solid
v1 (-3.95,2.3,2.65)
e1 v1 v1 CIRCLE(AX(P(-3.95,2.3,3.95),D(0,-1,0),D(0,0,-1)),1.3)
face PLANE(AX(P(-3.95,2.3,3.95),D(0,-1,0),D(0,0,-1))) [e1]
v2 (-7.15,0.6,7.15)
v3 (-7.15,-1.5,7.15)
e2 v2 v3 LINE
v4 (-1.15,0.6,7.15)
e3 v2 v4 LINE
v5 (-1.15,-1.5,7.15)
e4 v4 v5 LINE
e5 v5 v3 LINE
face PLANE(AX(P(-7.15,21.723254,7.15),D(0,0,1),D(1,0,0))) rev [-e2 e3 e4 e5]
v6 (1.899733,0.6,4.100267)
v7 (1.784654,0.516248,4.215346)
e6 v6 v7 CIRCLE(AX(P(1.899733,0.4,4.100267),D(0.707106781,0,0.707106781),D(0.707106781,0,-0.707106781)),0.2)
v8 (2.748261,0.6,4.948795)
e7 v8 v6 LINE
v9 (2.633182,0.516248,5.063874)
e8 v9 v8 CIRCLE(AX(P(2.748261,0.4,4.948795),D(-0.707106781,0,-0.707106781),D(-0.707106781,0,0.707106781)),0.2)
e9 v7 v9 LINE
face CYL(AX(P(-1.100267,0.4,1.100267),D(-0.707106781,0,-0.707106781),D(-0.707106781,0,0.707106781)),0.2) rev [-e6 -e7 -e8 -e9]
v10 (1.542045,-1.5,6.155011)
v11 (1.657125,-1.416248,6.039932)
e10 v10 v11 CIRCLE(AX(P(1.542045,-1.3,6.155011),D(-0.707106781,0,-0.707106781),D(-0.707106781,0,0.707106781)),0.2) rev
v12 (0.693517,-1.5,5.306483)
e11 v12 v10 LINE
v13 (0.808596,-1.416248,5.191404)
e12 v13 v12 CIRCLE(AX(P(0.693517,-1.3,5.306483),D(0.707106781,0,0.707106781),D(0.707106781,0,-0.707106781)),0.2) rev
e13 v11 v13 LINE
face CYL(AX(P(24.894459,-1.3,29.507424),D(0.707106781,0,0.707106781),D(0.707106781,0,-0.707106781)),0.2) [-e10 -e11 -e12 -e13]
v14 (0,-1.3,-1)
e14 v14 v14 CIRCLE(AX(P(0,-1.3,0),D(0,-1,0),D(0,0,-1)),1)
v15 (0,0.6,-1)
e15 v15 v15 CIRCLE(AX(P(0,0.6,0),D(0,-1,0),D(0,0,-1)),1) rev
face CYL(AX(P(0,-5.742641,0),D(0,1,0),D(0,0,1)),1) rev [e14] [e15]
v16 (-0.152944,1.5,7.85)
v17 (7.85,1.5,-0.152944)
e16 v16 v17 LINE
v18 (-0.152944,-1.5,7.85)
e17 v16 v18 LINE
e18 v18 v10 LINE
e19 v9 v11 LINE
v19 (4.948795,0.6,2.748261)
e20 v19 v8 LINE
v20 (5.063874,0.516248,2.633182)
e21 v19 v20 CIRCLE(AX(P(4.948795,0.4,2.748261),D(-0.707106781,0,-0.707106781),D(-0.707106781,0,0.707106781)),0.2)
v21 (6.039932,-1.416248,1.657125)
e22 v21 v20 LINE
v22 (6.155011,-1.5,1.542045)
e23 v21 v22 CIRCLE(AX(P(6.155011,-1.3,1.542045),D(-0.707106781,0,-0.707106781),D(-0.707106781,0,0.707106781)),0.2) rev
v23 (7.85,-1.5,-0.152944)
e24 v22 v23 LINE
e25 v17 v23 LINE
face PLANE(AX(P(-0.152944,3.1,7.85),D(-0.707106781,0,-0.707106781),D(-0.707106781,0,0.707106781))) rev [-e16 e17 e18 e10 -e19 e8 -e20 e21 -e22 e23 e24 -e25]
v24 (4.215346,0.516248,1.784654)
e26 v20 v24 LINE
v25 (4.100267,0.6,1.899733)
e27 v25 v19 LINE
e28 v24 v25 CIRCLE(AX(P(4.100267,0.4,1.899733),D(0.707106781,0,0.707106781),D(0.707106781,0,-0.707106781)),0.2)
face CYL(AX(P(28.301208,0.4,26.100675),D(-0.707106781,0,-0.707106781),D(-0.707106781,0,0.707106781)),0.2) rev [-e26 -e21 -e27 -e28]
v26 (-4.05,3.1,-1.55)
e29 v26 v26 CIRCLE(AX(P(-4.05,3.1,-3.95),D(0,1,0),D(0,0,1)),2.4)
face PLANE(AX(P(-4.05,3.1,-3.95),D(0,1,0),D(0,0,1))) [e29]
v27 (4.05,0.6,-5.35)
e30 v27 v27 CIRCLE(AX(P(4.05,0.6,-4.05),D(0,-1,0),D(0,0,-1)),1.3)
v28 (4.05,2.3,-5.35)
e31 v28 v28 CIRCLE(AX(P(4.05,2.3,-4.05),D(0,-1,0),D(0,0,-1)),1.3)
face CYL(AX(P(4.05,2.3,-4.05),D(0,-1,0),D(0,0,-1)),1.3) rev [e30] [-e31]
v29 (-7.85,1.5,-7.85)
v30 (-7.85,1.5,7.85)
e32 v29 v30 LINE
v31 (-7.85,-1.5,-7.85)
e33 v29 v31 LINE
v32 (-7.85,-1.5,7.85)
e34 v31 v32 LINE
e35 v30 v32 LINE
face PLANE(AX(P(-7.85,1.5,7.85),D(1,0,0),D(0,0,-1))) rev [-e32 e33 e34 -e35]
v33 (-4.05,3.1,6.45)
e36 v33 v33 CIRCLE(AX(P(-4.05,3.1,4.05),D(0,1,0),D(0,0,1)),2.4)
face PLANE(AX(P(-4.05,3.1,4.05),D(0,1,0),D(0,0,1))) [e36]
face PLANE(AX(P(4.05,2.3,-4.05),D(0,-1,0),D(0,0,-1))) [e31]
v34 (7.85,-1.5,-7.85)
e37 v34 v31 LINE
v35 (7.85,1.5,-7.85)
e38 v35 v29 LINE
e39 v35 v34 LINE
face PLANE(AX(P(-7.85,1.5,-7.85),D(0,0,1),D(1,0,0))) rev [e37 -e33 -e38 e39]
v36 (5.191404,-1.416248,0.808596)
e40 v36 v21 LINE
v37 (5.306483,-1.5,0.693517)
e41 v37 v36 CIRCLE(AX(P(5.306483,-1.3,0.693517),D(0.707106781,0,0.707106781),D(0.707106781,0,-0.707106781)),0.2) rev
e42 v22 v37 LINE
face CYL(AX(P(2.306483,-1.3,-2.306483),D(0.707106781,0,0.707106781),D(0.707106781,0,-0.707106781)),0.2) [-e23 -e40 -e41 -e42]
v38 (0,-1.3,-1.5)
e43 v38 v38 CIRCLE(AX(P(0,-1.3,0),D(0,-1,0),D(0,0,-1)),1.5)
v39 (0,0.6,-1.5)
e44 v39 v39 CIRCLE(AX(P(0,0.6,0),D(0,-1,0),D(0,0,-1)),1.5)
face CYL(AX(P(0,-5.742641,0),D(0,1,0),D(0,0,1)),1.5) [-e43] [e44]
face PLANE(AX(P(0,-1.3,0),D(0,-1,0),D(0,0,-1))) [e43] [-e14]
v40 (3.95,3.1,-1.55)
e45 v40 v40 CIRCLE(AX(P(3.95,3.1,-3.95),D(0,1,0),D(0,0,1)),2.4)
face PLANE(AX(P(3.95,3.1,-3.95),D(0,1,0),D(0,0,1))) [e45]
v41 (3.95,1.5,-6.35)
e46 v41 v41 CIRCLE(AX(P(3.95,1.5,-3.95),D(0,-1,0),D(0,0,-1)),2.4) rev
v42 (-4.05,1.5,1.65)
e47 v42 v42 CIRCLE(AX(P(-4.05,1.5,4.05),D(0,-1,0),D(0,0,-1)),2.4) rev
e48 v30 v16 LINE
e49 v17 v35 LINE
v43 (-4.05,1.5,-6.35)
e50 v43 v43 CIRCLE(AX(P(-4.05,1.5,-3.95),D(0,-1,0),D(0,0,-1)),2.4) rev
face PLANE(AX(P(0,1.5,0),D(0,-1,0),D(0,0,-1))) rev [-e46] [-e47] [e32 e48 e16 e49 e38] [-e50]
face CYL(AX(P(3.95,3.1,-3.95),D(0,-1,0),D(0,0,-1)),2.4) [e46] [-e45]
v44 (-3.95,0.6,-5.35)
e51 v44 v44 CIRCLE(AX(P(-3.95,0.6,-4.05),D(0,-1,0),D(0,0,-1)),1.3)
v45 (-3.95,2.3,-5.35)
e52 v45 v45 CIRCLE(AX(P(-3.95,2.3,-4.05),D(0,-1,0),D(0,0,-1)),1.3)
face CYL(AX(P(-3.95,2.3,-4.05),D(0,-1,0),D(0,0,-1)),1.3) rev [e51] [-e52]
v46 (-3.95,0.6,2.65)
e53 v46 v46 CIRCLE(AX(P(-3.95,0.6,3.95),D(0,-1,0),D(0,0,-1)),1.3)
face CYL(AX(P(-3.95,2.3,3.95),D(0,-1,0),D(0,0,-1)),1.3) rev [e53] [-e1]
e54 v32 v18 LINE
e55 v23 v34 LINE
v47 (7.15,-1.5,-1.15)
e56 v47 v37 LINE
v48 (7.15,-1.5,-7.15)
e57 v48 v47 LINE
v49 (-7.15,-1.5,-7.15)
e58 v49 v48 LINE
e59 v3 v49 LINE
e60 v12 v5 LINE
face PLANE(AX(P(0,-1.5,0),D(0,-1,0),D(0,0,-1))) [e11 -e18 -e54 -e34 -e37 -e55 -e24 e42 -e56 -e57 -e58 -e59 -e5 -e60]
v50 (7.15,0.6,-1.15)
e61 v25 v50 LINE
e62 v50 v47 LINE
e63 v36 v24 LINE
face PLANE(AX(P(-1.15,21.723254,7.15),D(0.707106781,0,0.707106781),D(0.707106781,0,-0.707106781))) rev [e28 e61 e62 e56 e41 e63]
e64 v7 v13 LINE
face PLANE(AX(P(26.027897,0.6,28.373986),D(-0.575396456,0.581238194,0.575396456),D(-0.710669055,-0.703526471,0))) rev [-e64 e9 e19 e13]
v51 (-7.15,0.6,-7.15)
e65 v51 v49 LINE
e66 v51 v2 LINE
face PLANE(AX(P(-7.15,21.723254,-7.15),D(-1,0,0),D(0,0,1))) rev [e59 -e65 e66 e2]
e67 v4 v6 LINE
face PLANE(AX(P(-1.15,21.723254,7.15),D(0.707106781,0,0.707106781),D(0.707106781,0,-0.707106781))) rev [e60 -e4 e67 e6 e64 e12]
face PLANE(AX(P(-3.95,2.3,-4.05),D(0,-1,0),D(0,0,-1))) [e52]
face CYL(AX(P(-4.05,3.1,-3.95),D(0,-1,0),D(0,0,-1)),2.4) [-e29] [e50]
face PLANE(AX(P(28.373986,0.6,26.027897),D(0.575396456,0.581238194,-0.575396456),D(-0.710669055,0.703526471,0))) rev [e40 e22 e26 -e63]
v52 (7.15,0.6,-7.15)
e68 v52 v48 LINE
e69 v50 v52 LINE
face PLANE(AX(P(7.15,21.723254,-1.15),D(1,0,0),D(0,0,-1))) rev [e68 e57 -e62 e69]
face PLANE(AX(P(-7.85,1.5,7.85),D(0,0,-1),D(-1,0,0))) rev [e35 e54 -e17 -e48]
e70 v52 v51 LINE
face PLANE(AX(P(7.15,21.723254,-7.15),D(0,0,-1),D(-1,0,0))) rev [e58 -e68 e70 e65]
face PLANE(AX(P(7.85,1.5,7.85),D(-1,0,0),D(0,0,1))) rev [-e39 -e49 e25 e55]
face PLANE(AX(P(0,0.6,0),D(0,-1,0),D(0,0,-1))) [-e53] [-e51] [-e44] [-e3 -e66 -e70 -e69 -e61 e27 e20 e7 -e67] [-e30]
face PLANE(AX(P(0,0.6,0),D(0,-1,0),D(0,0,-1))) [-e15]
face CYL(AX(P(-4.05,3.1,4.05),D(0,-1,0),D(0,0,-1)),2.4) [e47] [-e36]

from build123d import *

# Parameters (mm, degrees)
SKETCH1_W               = 15.7
SKETCH1_H               = 15.7
BOSS_EXTRUDE1_DEPTH     = 1.5
SKETCH3_R               = 2.4
BOSS_EXTRUDE2_DEPTH     = 1.6
CUT_EXTRUDE1_DEPTH      = 2.1
CUT_EXTRUDE2_DEPTH      = 13.016863151
LPATTERN2_COUNT         = 2
LPATTERN2_PITCH         = 8
LPATTERN2_COUNT_DIR2    = 2
LPATTERN2_PITCH_DIR2    = 8
SKETCH7_R               = 1.5
SKETCH7_R_2             = 1
BOSS_EXTRUDE3_DEPTH     = 1.9
SKETCH10_R              = 1.3
CUT_EXTRUDE3_DEPTH      = 1.7
LPATTERN3_COUNT         = 2
LPATTERN3_PITCH         = 8
LPATTERN3_COUNT_DIR2    = 2
LPATTERN3_PITCH_DIR2    = 8
CUT_EXTRUDE4_DEPTH      = 17.832145471
CUT_EXTRUDE4_DEPTH_BACK = 1.7
FILLET1_R               = 0.2


with BuildPart() as part:
    # Sketch1 → Boss-Extrude1 (new, symmetric)
    with BuildSketch(Plane(origin=(0, 0, 0), x_dir=(1, 0, 0), z_dir=(0, 1, 0))):
        Rectangle(SKETCH1_W, SKETCH1_H)
    extrude(amount=BOSS_EXTRUDE1_DEPTH, both=True)

    # Sketch3 → Boss-Extrude2 (add)
    with BuildSketch(Plane(origin=(0, 1.5, 0), x_dir=(1, 0, 0), z_dir=(0, 1, 0))):
        with Locations(Location((3.95, 3.95, 0), (0, 0, 90))):
            Circle(SKETCH3_R)
    boss_extrude2 = extrude(amount=BOSS_EXTRUDE2_DEPTH)

    # Sketch4 → Cut-Extrude1 (cut)
    with BuildSketch(Plane.XZ.offset(1.5)):
        Polygon((-7.15, 7.15), (-1.15, 7.15), (7.15, -1.15), (7.15, -7.15), (-7.15, -7.15), align=None)
    extrude(amount=-CUT_EXTRUDE1_DEPTH, mode=Mode.SUBTRACT)

    # Sketch6 → Cut-Extrude2 (cut, through all)
    with BuildSketch(Plane.XZ.offset(1.5)):
        Polygon((-0.152943725, 7.85), (7.85, -0.152943725), (7.85, 7.85), align=None)
    extrude(amount=-CUT_EXTRUDE2_DEPTH, mode=Mode.SUBTRACT)

    # LPattern2: Boss-Extrude2 2 × 2, 1 skipped
    with Locations(*[(-i * LPATTERN2_PITCH, 0, j * LPATTERN2_PITCH_DIR2) for i in range(LPATTERN2_COUNT) for j in range(LPATTERN2_COUNT_DIR2) if (i, j) not in ((0, 0), (0, 1))]):
        add(boss_extrude2)

    # Sketch7 → Boss-Extrude3 (add)
    with BuildSketch(Plane.XZ.offset(-0.6)):
        with Locations(Location((0, 0, 0), (0, 0, 270))):
            Circle(SKETCH7_R)
        with Locations(Location((0, 0, 0), (0, 0, 270))):
            Circle(SKETCH7_R_2, mode=Mode.SUBTRACT)
    extrude(amount=BOSS_EXTRUDE3_DEPTH)

    # Sketch10 → Cut-Extrude3 (cut)
    with BuildSketch(Plane.XZ.offset(-0.6)):
        with Locations(Location((-3.95, 3.95, 0), (0, 0, 270))):
            Circle(SKETCH10_R)
    cut_extrude3 = extrude(amount=-CUT_EXTRUDE3_DEPTH, mode=Mode.SUBTRACT)

    # LPattern3: Cut-Extrude3 2 × 2, 1 skipped
    with Locations(*[(j * LPATTERN3_PITCH_DIR2, 0, -i * LPATTERN3_PITCH) for i in range(LPATTERN3_COUNT) for j in range(LPATTERN3_COUNT_DIR2) if (i, j) not in ((0, 0), (0, 1))]):
        add(cut_extrude3, mode=Mode.SUBTRACT)

    # Sketch11 → Cut-Extrude4 (cut, two sides: drawn at the far end of the back side and taken through both)
    with BuildSketch(Plane(origin=(3.848528137, 0, 3.848528137), x_dir=(0.7071067811865478, 0, -0.7071067811865475), z_dir=(0.7071067811865475, 0, 0.7071067811865478)).offset(-CUT_EXTRUDE4_DEPTH_BACK)):
        Polygon((-26.389939678, -34.02340546), (-3.158935778, -1.5), (-1.658935778, 0.6), (1.658935778, 0.6), (3.158935778, -1.5), (26.389939678, -34.02340546), (26.389939678, -113.959666192), (-26.389939678, -113.959666192), align=None)
    extrude(amount=CUT_EXTRUDE4_DEPTH + CUT_EXTRUDE4_DEPTH_BACK, mode=Mode.SUBTRACT)

    # Fillet1
    fillet1_edges = [part.edges().sort_by_distance(p)[0] for p in [
        (4.597308807, 0.6, 2.251219331),
        (1.190559159, -1.5, 5.657968978),
        (5.657968978, -1.5, 1.190559159),
        (2.251219331, 0.6, 4.597308807),
    ]]
    fillet(fillet1_edges, radius=FILLET1_R)


solid = part.part
